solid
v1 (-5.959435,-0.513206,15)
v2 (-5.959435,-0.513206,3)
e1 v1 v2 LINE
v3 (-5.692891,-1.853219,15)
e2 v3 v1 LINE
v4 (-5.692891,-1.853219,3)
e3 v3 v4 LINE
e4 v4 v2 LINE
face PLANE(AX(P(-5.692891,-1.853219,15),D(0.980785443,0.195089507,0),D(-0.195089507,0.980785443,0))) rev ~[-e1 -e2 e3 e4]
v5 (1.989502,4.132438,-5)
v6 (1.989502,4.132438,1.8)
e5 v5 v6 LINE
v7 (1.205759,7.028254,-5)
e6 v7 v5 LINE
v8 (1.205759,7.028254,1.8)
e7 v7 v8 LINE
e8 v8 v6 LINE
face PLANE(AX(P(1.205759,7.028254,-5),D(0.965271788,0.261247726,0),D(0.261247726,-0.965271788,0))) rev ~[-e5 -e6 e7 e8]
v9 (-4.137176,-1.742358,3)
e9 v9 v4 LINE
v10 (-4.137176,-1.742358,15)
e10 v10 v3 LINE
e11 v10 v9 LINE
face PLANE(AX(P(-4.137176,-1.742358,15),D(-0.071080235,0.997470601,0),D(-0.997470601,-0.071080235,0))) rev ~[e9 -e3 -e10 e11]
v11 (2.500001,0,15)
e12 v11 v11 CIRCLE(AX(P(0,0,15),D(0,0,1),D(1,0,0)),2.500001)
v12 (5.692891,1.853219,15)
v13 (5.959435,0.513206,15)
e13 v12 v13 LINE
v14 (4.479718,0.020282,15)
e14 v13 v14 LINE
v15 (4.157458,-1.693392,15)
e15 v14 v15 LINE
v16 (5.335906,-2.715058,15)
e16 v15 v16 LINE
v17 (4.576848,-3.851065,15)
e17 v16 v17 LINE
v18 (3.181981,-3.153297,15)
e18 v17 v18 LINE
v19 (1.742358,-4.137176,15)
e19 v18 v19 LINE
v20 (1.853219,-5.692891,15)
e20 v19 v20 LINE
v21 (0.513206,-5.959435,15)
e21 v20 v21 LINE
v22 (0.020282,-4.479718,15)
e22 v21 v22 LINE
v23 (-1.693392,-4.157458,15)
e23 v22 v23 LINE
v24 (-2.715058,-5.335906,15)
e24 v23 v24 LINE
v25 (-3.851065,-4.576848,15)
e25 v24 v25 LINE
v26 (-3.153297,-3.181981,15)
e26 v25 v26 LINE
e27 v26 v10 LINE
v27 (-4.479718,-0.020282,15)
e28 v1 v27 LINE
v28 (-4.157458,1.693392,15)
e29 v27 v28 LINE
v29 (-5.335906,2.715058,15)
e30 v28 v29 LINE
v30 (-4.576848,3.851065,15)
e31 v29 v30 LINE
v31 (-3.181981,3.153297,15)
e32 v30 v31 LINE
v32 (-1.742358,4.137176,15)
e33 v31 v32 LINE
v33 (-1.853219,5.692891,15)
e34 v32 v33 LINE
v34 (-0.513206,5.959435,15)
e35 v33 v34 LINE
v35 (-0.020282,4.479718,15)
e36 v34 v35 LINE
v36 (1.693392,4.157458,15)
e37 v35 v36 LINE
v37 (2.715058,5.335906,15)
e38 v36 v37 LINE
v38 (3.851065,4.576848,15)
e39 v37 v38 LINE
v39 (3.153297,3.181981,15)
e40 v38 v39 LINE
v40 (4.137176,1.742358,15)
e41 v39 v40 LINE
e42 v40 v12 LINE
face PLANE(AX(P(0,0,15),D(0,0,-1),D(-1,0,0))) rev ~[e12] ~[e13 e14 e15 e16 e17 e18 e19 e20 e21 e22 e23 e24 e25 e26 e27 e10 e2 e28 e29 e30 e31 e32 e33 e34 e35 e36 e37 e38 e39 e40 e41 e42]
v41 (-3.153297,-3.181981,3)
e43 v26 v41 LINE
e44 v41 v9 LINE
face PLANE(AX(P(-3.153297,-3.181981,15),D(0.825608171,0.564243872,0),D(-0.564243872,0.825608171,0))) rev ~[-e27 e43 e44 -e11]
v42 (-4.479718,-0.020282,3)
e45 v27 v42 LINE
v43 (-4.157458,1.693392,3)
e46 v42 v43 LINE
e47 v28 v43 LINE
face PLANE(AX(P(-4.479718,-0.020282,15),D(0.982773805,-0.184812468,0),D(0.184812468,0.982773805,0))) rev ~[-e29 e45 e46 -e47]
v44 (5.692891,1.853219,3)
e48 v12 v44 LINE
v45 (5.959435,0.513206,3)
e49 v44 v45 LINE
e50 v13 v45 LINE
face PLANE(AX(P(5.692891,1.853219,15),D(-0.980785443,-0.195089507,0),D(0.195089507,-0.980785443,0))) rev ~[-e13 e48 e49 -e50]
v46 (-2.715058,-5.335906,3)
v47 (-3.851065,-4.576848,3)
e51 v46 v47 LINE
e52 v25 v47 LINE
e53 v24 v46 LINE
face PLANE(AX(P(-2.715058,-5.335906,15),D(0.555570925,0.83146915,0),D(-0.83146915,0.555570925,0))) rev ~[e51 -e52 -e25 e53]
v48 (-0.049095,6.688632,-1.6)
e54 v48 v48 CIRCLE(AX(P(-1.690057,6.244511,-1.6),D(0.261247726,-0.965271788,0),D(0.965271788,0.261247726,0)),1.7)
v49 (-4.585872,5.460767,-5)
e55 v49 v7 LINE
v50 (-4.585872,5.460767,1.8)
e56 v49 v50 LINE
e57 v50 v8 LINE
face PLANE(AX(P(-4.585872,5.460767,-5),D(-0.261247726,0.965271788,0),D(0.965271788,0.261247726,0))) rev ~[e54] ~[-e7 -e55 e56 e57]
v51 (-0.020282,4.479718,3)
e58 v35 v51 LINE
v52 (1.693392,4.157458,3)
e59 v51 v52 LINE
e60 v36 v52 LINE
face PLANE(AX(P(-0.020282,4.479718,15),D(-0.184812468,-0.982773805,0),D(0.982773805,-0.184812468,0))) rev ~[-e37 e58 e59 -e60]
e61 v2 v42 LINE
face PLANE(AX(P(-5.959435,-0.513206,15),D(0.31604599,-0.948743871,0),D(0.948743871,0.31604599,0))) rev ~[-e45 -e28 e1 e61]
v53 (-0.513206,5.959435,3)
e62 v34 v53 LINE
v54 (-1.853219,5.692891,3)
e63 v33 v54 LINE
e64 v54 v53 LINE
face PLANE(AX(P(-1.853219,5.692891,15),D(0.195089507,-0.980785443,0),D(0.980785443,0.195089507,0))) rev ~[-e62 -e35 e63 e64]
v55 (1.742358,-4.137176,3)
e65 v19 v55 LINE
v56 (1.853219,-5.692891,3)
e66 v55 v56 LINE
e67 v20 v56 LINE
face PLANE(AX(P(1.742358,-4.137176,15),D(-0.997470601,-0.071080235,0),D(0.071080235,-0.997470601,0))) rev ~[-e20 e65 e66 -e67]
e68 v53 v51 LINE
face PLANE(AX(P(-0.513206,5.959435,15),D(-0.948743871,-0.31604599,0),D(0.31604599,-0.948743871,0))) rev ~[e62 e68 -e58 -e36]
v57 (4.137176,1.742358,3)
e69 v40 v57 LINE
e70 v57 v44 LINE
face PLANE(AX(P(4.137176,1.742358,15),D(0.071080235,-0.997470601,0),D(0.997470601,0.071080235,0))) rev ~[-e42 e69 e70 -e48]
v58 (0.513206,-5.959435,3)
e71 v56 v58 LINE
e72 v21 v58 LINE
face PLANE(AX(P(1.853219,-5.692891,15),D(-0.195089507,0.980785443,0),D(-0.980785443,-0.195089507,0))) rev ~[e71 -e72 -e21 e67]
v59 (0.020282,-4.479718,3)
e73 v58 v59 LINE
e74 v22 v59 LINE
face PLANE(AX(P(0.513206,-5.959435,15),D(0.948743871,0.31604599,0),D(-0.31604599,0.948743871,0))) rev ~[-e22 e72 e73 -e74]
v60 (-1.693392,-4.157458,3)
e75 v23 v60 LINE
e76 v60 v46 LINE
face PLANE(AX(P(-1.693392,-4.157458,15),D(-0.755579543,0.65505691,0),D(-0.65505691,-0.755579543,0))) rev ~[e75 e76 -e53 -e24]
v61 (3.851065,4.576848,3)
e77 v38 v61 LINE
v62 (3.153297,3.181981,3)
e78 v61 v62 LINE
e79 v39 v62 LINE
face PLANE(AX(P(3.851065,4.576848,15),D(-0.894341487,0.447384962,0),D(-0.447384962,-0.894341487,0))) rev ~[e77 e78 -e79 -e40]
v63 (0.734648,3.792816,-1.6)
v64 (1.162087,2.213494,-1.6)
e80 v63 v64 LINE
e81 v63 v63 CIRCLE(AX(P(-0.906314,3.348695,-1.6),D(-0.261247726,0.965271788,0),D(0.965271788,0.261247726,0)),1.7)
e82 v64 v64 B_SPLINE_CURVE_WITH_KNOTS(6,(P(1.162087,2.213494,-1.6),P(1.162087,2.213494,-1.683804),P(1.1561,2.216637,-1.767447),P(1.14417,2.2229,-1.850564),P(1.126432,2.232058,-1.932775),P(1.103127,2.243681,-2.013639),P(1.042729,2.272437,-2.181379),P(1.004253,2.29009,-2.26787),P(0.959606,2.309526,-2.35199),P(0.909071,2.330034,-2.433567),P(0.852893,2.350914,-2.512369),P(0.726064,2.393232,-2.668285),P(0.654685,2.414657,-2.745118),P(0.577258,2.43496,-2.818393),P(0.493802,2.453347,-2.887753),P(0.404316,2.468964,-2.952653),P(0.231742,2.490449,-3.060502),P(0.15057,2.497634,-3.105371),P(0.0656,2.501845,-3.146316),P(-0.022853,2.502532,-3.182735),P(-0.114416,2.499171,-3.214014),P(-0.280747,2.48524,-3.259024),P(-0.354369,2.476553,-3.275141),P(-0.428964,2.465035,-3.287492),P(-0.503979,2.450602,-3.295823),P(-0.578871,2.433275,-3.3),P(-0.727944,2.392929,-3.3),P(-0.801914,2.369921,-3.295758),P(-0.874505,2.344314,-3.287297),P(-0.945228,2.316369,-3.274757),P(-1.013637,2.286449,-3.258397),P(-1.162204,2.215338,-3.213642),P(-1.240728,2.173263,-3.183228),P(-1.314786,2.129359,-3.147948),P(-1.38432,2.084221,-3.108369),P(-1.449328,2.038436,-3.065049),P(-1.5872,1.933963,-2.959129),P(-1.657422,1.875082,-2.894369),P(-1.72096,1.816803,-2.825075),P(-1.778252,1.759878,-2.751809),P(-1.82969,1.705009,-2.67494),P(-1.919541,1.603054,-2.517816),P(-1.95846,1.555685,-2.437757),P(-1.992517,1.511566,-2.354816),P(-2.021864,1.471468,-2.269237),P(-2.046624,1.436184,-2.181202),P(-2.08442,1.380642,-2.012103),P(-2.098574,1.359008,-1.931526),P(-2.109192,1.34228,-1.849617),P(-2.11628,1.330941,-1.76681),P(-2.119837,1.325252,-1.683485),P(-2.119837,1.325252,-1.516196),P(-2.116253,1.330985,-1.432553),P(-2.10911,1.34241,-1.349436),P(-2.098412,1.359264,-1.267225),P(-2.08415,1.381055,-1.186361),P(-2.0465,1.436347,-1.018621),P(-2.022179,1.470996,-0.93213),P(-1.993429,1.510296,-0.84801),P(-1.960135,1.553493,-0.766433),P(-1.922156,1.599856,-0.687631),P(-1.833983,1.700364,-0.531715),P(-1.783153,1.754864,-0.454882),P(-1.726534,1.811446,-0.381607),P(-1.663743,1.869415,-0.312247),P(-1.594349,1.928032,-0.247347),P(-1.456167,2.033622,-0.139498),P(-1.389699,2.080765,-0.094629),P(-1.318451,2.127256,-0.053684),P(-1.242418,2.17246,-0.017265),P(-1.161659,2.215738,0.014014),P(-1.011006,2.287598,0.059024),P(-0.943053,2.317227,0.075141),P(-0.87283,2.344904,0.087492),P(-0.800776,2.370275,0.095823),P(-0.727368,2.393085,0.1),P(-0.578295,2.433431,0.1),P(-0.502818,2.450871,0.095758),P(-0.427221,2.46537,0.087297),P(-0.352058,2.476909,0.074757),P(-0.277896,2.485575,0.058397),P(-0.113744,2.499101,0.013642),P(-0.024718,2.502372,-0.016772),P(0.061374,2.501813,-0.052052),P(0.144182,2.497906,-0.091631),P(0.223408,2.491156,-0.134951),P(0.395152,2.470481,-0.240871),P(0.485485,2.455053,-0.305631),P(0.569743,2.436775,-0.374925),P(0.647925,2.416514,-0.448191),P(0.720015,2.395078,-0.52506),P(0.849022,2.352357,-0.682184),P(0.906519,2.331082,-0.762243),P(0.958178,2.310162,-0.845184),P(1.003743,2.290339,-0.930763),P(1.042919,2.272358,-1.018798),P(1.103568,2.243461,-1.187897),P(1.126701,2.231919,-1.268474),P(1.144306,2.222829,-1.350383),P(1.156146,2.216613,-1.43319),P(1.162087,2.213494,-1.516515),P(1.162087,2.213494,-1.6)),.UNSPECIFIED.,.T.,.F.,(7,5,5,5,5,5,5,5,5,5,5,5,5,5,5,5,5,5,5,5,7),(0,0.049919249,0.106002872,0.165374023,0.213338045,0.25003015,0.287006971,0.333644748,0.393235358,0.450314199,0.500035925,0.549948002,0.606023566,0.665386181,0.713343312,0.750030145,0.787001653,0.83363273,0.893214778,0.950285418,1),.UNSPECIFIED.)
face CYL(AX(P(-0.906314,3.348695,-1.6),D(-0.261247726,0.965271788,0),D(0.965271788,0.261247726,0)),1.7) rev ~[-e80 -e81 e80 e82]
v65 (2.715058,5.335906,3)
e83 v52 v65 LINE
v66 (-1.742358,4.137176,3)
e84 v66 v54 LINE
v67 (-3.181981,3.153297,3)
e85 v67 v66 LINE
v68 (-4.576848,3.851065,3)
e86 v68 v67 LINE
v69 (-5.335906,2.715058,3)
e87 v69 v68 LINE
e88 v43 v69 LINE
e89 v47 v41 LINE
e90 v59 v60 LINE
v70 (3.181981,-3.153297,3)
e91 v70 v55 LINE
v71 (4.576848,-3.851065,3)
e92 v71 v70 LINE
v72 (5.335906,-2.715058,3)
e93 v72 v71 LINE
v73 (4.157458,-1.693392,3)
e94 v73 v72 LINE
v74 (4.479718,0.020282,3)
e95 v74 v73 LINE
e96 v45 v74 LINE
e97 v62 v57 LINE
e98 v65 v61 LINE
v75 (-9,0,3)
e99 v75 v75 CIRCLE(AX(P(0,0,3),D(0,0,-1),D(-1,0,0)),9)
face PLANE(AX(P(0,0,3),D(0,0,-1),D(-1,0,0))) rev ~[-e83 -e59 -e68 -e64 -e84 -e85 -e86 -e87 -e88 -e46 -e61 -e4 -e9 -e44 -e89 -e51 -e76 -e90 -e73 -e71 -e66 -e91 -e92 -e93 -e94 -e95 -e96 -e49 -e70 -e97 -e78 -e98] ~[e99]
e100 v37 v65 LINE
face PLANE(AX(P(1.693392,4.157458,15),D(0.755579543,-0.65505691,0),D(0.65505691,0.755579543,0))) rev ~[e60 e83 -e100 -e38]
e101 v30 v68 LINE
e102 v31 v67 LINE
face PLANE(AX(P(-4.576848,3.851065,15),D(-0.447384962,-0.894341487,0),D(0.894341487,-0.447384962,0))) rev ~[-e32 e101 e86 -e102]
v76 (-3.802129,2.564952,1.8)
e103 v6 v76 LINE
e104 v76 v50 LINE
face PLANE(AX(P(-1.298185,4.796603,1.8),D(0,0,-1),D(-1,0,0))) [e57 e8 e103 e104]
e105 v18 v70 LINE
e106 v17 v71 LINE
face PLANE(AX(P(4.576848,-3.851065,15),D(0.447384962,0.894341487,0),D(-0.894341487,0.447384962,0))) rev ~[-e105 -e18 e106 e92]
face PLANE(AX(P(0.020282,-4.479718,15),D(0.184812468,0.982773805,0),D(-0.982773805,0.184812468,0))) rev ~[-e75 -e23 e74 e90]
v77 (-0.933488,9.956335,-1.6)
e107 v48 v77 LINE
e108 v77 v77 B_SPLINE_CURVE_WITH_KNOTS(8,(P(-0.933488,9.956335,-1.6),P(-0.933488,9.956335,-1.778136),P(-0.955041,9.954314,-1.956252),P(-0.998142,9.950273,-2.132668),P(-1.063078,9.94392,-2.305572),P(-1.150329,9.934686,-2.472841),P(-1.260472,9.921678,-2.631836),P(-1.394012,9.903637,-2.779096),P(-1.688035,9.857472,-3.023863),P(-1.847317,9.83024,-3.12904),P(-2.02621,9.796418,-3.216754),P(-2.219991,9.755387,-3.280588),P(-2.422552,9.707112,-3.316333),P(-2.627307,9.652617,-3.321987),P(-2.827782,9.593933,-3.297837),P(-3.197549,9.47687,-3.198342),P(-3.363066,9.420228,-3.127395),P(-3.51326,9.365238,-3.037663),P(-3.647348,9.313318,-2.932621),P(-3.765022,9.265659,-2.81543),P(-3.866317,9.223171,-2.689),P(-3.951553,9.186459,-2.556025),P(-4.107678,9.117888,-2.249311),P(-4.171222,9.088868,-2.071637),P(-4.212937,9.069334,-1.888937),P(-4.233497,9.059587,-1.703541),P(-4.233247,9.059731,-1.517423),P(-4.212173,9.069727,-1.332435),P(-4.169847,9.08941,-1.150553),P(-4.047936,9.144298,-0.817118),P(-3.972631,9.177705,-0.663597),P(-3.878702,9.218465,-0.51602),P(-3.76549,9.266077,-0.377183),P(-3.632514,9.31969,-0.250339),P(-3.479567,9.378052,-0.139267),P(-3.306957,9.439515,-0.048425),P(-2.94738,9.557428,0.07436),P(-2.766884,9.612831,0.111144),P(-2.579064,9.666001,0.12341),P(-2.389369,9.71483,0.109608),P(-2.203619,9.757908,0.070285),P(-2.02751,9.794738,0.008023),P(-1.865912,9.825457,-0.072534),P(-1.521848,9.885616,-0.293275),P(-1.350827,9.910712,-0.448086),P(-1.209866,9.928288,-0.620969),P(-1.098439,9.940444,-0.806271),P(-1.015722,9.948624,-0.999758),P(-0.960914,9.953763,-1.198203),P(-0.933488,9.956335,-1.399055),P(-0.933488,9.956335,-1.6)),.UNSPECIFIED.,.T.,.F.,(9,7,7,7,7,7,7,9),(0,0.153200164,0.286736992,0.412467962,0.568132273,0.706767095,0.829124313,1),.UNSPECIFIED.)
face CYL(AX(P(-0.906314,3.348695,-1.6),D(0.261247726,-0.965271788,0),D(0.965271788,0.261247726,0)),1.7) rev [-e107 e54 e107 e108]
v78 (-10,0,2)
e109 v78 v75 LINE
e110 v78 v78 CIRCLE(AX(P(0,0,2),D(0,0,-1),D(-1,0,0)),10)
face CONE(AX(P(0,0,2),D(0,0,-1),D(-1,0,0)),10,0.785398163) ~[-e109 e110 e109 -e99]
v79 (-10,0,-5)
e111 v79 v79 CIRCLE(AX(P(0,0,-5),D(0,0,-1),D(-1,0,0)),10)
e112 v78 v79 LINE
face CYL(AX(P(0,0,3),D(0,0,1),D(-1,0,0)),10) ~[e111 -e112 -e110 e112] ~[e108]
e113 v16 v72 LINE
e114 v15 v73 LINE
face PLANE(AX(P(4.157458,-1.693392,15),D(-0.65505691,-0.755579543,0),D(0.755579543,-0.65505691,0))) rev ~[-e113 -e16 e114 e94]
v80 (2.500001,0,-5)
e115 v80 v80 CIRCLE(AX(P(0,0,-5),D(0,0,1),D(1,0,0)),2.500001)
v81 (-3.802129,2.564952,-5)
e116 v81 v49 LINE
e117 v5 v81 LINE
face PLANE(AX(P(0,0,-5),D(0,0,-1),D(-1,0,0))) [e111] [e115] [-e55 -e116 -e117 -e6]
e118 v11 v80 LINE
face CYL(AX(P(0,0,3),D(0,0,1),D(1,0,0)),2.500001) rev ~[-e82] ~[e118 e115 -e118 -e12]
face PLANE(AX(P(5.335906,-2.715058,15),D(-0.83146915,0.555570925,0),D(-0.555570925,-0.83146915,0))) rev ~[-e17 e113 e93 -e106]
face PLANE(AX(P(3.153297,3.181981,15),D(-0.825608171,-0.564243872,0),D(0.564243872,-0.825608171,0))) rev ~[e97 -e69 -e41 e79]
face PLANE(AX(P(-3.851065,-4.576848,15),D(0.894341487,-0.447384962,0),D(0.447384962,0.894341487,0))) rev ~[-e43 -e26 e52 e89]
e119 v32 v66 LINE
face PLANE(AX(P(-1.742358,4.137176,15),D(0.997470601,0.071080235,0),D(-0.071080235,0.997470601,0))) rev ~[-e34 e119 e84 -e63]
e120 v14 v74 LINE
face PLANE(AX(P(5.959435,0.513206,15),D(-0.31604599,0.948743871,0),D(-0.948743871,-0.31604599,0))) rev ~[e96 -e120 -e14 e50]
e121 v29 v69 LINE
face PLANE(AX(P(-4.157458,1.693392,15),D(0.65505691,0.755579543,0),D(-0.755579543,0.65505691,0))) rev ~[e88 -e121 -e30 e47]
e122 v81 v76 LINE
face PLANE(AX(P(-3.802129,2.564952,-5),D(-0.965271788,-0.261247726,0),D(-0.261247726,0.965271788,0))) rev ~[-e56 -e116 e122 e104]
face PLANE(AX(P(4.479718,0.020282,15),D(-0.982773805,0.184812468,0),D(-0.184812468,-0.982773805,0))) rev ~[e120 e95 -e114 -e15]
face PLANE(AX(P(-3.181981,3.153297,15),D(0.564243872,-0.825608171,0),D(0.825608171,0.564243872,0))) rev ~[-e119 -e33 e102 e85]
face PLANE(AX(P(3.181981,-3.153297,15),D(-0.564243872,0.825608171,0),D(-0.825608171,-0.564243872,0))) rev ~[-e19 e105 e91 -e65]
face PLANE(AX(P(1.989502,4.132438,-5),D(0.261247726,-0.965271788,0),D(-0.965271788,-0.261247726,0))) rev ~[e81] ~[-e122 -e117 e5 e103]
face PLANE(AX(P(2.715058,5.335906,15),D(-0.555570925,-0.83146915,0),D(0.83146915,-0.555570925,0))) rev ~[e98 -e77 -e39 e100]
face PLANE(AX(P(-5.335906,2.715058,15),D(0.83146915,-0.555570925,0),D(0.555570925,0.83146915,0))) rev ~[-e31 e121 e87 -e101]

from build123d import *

# Parameters (mm, degrees)
SKETCH1_R               = 2.500000508
BOSS_EXTRUDE1_DEPTH     = 12
SKETCH2_R               = 10
BOSS_EXTRUDE2_DEPTH     = 8
CUT_EXTRUDE5_DEPTH      = 6.8
SKETCH10_R              = 2.500000508
CUT_EXTRUDE6_DEPTH      = 10
CHAMFER1_SIZE           = 1
SKETCH11_R              = 1.7
CUT_EXTRUDE7_DEPTH      = 10
CUT_EXTRUDE7_DEPTH_BACK = 2


with BuildPart() as part:
    # Sketch1 → Boss-Extrude1 (new body)
    with BuildSketch(Plane.XY.offset(15)):
        Polygon((-0.020282, 4.479718), (1.693392048, 4.157458362), (2.715058109, 5.335905553), (3.851065458, 4.576848343), (3.153297436, 3.181980515), (4.137176, 1.742358), (5.692891, 1.853219), (5.959435, 0.513206), (4.479718, 0.020282), (4.157458362, -1.693392048), (5.335905553, -2.715058109), (4.576848343, -3.851065458), (3.181980515, -3.153297436), (1.742358, -4.137176), (1.853219, -5.692891), (0.513206, -5.959435), (0.020282, -4.479718), (-1.693392048, -4.157458362), (-2.715058109, -5.335905553), (-3.851065458, -4.576848343), (-3.153297436, -3.181980515), (-4.137176, -1.742358), (-5.692891, -1.853219), (-5.959435, -0.513206), (-4.479718, -0.020282), (-4.157458362, 1.693392048), (-5.335905553, 2.715058109), (-4.576848343, 3.851065458), (-3.181980515, 3.153297436), (-1.742358, 4.137176), (-1.853219, 5.692891), (-0.513206, 5.959435), align=None)
        Circle(SKETCH1_R, mode=Mode.SUBTRACT)
    extrude(amount=-BOSS_EXTRUDE1_DEPTH)

    # Sketch2 → Boss-Extrude2 (add)
    with BuildSketch(Plane(origin=(0, 0, 3), x_dir=(-1, 0, 0), z_dir=(0, 0, -1))):
        Circle(SKETCH2_R)
    extrude(amount=BOSS_EXTRUDE2_DEPTH)

    # Sketch9 → Cut-Extrude5 (cut)
    with BuildSketch(Plane(origin=(0, 0, -5), x_dir=(-1, 0, 0), z_dir=(0, 0, -1))):
        Polygon((3.802129012, 2.564951973), (4.58587219, 5.460767338), (-1.20575854, 7.028253696), (-1.989501719, 4.13243833), align=None)
    extrude(amount=-CUT_EXTRUDE5_DEPTH, mode=Mode.SUBTRACT)

    # Sketch10 → Cut-Extrude6 (cut)
    with BuildSketch(Plane.XY.offset(3)):
        Circle(SKETCH10_R)
    extrude(amount=-CUT_EXTRUDE6_DEPTH, mode=Mode.SUBTRACT)

    # Chamfer1
    chamfer1_edges = [part.edges().sort_by_distance(p)[0] for p in [
        (10, 0, 3),
    ]]
    chamfer(chamfer1_edges, length=CHAMFER1_SIZE)

    # Sketch11 → Cut-Extrude7 (cut, two sides)
    with BuildSketch(Plane(origin=(-0.906313646, 3.348695152, 0), x_dir=(0.965271788, 0.261247726, 0), z_dir=(-0.261247726, 0.965271788, 0))) as cut_extrude7_sk:
        with Locations((0, 1.6)):
            Circle(SKETCH11_R)
    extrude(amount=CUT_EXTRUDE7_DEPTH, mode=Mode.SUBTRACT)
    extrude(cut_extrude7_sk.sketch, amount=-CUT_EXTRUDE7_DEPTH_BACK, mode=Mode.SUBTRACT)


solid = part.part
